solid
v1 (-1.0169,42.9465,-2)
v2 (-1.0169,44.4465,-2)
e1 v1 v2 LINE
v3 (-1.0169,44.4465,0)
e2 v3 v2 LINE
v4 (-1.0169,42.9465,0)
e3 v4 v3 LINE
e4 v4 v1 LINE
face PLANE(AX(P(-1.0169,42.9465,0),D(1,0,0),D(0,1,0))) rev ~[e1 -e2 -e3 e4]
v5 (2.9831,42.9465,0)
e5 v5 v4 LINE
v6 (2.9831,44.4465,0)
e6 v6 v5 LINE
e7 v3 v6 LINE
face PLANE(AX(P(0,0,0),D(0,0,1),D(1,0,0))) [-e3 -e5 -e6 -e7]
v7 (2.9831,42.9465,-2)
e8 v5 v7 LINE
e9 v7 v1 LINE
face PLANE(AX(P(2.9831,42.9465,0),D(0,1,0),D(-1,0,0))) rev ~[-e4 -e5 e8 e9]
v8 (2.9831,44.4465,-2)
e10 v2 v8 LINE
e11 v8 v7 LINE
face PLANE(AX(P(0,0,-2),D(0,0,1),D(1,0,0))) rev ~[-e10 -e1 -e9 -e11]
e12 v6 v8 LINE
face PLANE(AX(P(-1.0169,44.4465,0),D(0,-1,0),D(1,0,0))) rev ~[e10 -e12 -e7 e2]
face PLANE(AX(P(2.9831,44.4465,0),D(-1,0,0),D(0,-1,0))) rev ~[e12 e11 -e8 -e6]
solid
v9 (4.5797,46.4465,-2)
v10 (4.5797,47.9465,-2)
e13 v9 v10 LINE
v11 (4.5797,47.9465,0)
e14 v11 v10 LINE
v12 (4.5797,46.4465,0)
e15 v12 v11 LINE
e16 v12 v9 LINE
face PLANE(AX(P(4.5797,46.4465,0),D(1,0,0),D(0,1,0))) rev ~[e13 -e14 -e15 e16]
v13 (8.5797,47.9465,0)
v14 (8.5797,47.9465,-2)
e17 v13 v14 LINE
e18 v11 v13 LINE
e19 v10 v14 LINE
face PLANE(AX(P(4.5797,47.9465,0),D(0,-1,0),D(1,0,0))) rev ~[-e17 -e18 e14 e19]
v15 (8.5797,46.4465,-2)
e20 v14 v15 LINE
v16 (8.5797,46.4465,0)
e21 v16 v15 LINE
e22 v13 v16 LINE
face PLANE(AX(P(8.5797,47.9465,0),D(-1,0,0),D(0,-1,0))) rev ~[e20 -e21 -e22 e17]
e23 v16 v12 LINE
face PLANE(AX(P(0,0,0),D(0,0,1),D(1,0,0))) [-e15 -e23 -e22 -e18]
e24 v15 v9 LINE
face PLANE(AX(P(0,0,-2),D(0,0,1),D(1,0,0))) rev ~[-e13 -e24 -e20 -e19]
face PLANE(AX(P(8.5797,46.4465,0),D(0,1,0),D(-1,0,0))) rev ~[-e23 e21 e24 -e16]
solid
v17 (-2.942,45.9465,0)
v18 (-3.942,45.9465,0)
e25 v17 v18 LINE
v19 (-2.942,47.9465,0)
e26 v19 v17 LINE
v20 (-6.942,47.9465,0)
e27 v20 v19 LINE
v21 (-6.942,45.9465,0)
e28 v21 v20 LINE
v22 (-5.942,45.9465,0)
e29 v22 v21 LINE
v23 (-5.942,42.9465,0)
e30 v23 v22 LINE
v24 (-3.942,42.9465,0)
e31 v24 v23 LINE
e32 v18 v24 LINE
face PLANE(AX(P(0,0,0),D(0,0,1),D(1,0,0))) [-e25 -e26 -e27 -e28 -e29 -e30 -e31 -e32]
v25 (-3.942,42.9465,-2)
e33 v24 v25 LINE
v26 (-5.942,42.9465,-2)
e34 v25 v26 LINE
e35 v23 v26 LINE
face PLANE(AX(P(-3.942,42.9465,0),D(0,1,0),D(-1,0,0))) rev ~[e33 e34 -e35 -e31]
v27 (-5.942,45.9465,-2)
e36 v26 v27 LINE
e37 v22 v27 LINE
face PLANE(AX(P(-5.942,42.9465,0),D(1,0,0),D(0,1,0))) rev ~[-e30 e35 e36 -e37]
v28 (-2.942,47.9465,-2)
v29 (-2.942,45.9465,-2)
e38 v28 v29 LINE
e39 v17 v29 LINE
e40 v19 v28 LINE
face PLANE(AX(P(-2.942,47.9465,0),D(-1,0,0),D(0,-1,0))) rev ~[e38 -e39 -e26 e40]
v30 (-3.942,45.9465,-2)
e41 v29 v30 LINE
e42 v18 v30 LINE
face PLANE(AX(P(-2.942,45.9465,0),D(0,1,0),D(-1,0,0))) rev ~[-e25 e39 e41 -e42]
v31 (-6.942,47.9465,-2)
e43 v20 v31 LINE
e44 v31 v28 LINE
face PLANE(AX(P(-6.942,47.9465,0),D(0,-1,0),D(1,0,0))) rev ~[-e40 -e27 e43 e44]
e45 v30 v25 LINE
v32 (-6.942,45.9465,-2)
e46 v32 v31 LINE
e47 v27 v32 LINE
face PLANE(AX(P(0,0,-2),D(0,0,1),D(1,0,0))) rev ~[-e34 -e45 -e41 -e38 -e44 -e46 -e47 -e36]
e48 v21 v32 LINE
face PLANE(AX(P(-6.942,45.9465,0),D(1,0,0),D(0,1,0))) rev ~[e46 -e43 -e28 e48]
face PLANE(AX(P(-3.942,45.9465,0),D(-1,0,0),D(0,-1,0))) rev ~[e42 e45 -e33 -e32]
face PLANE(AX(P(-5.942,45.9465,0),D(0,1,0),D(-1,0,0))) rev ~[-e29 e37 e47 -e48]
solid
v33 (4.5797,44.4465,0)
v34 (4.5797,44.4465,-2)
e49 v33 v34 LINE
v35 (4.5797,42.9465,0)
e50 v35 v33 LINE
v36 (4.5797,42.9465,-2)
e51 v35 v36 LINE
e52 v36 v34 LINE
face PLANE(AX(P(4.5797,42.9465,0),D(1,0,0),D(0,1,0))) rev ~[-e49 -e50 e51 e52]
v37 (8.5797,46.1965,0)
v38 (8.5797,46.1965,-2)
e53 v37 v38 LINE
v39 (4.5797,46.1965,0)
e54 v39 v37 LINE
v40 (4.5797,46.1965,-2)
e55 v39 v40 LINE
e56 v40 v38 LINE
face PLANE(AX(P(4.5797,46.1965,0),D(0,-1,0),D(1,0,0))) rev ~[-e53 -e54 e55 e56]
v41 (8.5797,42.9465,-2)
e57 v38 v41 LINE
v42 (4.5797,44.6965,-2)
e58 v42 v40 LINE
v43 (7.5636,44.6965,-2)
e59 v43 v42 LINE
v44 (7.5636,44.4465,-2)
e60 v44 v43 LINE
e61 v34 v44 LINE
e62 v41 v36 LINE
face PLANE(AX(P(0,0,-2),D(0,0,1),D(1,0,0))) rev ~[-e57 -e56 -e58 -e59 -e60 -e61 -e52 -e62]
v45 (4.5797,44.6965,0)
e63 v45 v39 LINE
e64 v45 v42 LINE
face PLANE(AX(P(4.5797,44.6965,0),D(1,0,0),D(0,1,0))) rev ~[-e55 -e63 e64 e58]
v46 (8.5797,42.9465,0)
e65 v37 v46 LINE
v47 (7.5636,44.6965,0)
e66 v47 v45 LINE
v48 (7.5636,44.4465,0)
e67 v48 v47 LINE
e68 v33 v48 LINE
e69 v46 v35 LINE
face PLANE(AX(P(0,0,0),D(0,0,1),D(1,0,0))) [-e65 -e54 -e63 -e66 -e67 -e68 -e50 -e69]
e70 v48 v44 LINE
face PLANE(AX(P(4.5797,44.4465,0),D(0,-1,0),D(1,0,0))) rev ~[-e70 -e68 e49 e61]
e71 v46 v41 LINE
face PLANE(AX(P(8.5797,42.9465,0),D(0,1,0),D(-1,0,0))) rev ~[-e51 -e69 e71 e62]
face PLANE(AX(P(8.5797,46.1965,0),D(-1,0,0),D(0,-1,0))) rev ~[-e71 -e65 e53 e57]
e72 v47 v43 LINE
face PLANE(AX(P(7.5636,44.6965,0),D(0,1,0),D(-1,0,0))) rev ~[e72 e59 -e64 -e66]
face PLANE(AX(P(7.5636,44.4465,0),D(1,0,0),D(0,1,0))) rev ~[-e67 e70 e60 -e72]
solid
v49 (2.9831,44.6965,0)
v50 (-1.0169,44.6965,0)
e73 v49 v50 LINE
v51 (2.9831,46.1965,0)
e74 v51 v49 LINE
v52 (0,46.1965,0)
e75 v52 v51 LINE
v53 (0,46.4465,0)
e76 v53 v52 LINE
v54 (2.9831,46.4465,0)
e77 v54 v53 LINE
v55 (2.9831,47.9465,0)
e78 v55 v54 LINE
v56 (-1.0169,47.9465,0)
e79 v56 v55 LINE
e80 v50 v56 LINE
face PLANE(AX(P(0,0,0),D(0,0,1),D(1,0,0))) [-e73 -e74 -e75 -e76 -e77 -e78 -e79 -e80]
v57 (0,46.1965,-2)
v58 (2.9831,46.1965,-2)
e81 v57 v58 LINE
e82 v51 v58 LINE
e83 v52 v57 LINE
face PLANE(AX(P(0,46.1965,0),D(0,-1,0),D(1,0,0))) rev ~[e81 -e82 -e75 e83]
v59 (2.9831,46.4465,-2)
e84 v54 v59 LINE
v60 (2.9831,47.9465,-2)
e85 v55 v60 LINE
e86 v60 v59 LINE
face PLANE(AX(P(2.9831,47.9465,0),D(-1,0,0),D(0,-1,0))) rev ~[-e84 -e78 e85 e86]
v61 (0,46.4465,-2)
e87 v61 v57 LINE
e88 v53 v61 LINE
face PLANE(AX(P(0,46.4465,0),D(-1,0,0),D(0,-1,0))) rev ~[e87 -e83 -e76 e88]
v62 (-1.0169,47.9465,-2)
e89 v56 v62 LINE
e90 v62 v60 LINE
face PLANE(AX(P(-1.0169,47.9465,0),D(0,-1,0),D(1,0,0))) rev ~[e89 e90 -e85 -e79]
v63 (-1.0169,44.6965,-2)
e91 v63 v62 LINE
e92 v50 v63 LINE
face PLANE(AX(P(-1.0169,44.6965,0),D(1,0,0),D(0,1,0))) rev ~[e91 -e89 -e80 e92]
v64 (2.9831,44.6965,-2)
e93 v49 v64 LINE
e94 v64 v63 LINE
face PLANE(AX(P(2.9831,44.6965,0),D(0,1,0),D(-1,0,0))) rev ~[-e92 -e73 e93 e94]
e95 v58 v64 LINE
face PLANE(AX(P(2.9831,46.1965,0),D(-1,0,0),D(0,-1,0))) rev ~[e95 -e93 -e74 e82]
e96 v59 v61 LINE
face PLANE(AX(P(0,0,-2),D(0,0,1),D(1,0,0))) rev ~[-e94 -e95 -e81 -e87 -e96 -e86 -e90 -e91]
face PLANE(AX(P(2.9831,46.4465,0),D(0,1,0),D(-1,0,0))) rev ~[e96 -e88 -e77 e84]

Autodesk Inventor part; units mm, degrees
ref_plane "YZ Plane" through (0, 0, 0) normal (1, 0, 0) x (0, 1, 0)
ref_plane "XZ Plane" through (0, 0, 0) normal (0, 1, 0) x (-1, 0, 0)
ref_plane "Work Plane1" through (0, 0, 0) normal (0, 0, 1) x (1, 0, 0)
sketch "Sketch1" plane through (0, 0, 0) normal (0, 0, 1) x (1, 0, 0)
  circle A0 centre (-95.35, -29.81) radius 5 projected
  circle A1 centre (-95.35, 29.81) radius 4.15 projected
  circle A2 centre (75.35, -29.81) radius 4.15 projected
  circle A3 centre (75.35, 9.93) radius 4.15 projected
  circle A4 centre (95.35, 29.81) radius 4.15 projected
  circle A5 centre (95.35, -9.93) radius 4.15 projected
  circle A6 centre (-95.35, -9.93) radius 4.15 projected
  circle A7 centre (-75.35, 9.93) radius 4.15 projected
  circle A8 centre (-75.35, 29.81) radius 4.15 projected
  circle A9 centre (-75.35, -29.81) radius 4.15 projected
  circle A10 centre (95.35, -29.81) radius 4.15 projected
  circle A11 centre (95.35, 9.93) radius 4.15 projected
  circle A12 centre (75.35, 29.81) radius 4.15 projected
  circle A13 centre (75.35, -9.93) radius 4.15 projected
  circle A14 centre (-75.35, -9.93) radius 4.15 projected
  circle A15 centre (-95.35, 9.93) radius 4.15 projected
  line L0 (-53, 34) -> (53, 34) projected
  line L1 (53, 34) -> (53, -34) projected
  line L2 (53, -34) -> (-53, -34) projected
  line L3 (-53, -34) -> (-53, 34) projected
  line L4 (0, 46.4465) -> (0, 46.1965) projected
  line L5 (0, 46.1965) -> (2.9831, 46.1965) projected
  line L6 (2.9831, 46.1965) -> (2.9831, 44.6965) projected
  line L7 (2.9831, 44.6965) -> (-1.0169, 44.6965) projected
  line L8 (-1.0169, 44.6965) -> (-1.0169, 47.9465) projected
  line L9 (-1.0169, 47.9465) -> (2.9831, 47.9465) projected
  line L10 (2.9831, 47.9465) -> (2.9831, 46.4465) projected
  line L11 (2.9831, 46.4465) -> (0, 46.4465) projected
  line L12 (4.5797, 46.4465) -> (4.5797, 47.9465) projected
  line L13 (4.5797, 47.9465) -> (8.5797, 47.9465) projected
  line L14 (8.5797, 47.9465) -> (8.5797, 46.4465) projected
  line L15 (8.5797, 46.4465) -> (4.5797, 46.4465) projected
  line L16 (2.9831, 44.4465) -> (2.9831, 42.9465) projected
  line L17 (2.9831, 42.9465) -> (-1.0169, 42.9465) projected
  line L18 (-1.0169, 42.9465) -> (-1.0169, 44.4465) projected
  line L19 (-1.0169, 44.4465) -> (2.9831, 44.4465) projected
  line L20 (7.5636, 44.4465) -> (7.5636, 44.6965) projected
  line L21 (7.5636, 44.6965) -> (4.5797, 44.6965) projected
  line L22 (4.5797, 44.6965) -> (4.5797, 46.1965) projected
  line L23 (4.5797, 46.1965) -> (8.5797, 46.1965) projected
  line L24 (8.5797, 46.1965) -> (8.5797, 42.9465) projected
  line L25 (8.5797, 42.9465) -> (4.5797, 42.9465) projected
  line L26 (4.5797, 42.9465) -> (4.5797, 44.4465) projected
  line L27 (4.5797, 44.4465) -> (7.5636, 44.4465) projected
  line L28 (-2.942, 47.9465) -> (-2.942, 45.9465) projected
  line L29 (-2.942, 45.9465) -> (-3.942, 45.9465) projected
  line L30 (-3.942, 45.9465) -> (-3.942, 42.9465) projected
  line L31 (-3.942, 42.9465) -> (-5.942, 42.9465) projected
  line L32 (-5.942, 42.9465) -> (-5.942, 45.9465) projected
  line L33 (-5.942, 45.9465) -> (-6.942, 45.9465) projected
  line L34 (-6.942, 45.9465) -> (-6.942, 47.9465) projected
  line L35 (-6.942, 47.9465) -> (-2.942, 47.9465) projected
  arc A16 (-69.3301, 52.5) -> (-73.6603, 55) centre (-73.6603, 50) ccw projected
  line L36 (-73.6603, 55) -> (-110, 55) projected
  arc A17 (-110, 55) -> (-115, 50) centre (-110, 50) ccw projected
  line L37 (-115, 50) -> (-115, -50) projected
  arc A18 (-115, -50) -> (-110, -55) centre (-110, -50) ccw projected
  line L38 (-110, -55) -> (-73.6603, -55) projected
  arc A19 (-73.6603, -55) -> (-69.3301, -52.5) centre (-73.6603, -50) ccw projected
  arc A20 (-65, -50) -> (-69.3301, -52.5) centre (-65, -55) ccw projected
  line L39 (-65, -50) -> (65, -50) projected
  arc A21 (69.3301, -52.5) -> (65, -50) centre (65, -55) ccw projected
  arc A22 (69.3301, -52.5) -> (73.6603, -55) centre (73.6603, -50) ccw projected
  line L40 (73.6603, -55) -> (110, -55) projected
  arc A23 (110, -55) -> (115, -50) centre (110, -50) ccw projected
  line L41 (115, -50) -> (115, 50) projected
  arc A24 (115, 50) -> (110, 55) centre (110, 50) ccw projected
  line L42 (110, 55) -> (73.6603, 55) projected
  arc A25 (73.6603, 55) -> (69.3301, 52.5) centre (73.6603, 50) ccw projected
  arc A26 (65, 50) -> (69.3301, 52.5) centre (65, 55) ccw projected
  line L43 (65, 50) -> (-65, 50) projected
  arc A27 (-69.3301, 52.5) -> (-65, 50) centre (-65, 55) ccw projected
  point P0 (0, 0)
extrude "Extrusion1" add sketch "Sketch1" against normal blind 2 contours L4 L5 L6 L7 L8 L9 L10 L11 | L12 L13 L14 L15 | L16 L17 L18 L19 | L20 L21 L22 L23 L24 L25 L26 L27 | L28 L29 L30 L31 L32 L33 L34 L35
properties part number "tss logo" material "ABS Plastic"
